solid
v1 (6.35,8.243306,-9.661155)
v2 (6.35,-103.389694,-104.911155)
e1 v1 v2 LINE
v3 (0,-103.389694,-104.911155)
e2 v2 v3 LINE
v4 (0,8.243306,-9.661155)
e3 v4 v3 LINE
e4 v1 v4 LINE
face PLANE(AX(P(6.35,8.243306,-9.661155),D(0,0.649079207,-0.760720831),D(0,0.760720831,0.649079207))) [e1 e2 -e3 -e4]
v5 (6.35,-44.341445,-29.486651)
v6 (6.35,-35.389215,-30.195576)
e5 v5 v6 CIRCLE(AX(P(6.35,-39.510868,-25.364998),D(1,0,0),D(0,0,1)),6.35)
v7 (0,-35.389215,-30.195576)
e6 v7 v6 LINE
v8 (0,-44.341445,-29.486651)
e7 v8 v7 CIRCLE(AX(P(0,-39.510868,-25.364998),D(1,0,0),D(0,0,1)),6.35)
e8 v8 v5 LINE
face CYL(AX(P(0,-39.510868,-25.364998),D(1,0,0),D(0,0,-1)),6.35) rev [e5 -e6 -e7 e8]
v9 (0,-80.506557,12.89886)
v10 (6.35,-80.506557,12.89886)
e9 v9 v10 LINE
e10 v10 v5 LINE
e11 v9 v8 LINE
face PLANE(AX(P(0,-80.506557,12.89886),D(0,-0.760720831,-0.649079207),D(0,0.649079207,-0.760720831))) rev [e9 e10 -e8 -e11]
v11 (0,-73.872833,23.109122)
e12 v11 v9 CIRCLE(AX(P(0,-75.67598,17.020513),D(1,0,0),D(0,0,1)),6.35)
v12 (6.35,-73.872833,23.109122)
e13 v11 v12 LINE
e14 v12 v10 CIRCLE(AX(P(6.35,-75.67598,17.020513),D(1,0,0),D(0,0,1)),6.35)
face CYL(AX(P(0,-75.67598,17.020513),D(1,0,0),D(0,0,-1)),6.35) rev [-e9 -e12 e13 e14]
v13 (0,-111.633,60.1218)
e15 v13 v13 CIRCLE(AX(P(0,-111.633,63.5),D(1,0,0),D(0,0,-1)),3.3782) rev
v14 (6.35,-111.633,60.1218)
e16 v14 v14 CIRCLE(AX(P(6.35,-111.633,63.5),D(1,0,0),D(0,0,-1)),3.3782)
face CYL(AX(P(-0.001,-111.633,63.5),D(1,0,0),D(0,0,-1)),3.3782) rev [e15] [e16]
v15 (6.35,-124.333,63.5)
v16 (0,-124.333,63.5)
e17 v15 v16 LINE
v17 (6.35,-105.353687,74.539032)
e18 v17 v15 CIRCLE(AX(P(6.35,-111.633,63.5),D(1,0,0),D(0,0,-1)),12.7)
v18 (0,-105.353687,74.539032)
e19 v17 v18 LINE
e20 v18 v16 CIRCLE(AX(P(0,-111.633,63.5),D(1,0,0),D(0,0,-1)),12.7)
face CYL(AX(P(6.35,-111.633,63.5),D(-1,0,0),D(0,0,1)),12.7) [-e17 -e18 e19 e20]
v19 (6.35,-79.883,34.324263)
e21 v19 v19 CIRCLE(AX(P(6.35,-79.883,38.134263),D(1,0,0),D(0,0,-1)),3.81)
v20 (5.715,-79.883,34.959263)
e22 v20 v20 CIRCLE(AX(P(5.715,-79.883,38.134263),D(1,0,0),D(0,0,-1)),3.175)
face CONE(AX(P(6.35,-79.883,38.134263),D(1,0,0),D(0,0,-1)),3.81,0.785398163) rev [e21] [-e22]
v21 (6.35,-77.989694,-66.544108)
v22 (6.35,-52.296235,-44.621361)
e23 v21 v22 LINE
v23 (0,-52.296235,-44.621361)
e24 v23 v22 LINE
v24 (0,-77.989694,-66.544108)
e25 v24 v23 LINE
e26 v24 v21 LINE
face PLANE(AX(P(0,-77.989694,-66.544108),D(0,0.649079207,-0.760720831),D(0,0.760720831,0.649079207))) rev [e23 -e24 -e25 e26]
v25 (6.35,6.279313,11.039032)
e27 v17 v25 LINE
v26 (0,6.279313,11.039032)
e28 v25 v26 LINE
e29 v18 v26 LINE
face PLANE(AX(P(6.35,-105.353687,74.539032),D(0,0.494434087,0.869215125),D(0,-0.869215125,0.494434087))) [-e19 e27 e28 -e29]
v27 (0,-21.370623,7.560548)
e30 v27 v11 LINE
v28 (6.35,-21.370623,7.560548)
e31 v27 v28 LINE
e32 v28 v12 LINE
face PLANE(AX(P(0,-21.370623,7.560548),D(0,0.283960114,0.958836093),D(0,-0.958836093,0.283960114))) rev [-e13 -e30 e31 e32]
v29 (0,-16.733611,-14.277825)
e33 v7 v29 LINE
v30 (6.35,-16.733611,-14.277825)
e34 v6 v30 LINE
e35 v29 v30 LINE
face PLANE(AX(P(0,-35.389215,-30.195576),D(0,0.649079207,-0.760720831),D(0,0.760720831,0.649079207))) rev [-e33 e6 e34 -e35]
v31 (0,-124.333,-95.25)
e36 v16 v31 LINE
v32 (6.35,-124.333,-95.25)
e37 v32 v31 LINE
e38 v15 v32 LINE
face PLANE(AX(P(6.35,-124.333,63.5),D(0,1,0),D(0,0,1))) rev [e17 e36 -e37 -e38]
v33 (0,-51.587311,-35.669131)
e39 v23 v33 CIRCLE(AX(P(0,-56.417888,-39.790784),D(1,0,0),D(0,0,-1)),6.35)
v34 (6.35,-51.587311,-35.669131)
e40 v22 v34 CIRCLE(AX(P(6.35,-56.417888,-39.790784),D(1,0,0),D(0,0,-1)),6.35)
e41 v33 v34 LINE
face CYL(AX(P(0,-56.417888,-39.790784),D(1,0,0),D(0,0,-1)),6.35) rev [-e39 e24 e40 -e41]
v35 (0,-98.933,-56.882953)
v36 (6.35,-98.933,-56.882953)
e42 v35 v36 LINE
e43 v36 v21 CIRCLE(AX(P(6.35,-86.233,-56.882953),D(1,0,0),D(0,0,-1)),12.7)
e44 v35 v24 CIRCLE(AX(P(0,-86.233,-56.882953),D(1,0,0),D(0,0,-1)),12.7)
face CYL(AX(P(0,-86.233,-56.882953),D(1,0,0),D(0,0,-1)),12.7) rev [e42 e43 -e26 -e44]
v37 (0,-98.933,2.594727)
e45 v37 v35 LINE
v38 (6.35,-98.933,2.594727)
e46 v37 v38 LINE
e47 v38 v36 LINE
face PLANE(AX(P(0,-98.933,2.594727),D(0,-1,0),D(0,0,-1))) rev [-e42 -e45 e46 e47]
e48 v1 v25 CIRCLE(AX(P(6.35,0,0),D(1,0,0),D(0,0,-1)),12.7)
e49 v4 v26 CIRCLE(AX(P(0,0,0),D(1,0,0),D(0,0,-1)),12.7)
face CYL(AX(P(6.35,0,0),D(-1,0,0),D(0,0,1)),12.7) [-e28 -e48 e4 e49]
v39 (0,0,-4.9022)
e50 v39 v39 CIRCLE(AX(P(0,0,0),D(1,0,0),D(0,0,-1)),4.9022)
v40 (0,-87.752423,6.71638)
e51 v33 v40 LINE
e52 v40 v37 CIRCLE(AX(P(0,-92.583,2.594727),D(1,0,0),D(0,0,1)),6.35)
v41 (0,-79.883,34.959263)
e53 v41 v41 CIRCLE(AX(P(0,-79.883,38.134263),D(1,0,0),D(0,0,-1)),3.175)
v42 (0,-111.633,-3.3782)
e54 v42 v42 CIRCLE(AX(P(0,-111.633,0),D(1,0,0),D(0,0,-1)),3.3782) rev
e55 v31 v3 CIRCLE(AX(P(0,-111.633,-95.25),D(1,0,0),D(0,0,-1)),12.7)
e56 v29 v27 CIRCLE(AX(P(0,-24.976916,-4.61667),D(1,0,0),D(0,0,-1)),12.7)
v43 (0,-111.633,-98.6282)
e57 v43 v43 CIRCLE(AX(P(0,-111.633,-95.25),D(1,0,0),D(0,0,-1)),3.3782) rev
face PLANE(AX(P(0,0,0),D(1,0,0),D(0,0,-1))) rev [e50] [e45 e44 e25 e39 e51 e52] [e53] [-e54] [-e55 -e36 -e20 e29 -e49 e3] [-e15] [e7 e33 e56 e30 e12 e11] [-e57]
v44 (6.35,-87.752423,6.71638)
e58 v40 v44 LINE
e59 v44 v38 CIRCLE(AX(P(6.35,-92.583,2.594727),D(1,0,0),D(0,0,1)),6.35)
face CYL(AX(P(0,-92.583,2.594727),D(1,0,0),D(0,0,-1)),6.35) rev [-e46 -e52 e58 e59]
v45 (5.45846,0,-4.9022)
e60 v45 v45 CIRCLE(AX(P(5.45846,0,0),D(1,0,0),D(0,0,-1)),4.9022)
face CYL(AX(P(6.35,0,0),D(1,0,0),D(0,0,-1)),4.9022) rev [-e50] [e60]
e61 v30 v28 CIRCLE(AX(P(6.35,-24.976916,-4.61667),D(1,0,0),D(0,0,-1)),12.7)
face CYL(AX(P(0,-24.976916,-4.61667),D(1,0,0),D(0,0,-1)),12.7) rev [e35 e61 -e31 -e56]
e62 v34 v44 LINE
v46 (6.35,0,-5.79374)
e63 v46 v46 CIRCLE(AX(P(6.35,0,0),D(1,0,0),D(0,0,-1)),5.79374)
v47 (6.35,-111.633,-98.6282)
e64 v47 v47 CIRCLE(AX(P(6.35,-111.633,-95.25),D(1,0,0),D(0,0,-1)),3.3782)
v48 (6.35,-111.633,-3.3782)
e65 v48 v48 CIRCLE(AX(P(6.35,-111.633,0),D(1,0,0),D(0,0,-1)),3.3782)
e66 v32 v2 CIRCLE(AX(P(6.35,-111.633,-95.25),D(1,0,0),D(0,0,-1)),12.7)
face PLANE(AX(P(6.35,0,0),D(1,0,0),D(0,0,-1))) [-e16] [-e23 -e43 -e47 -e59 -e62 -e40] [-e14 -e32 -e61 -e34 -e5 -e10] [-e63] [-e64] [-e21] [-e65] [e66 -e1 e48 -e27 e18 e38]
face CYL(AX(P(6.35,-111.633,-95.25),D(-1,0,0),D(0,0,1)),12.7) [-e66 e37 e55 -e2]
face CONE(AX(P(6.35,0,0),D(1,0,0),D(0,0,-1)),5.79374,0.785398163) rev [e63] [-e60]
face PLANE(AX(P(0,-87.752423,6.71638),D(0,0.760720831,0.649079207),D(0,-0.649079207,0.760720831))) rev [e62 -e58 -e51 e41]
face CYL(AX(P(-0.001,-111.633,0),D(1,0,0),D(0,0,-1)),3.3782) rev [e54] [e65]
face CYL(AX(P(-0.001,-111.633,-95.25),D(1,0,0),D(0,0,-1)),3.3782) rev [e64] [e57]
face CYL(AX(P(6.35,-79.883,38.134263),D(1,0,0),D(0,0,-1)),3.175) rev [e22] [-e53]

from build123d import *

# Parameters (mm, degrees)
BOSS_EXTRUDE1_DEPTH                  = 6.35
CUT_EXTRUDE1_REACH                   = 8.35
SKETCH2_R                            = 3.3782
F_3_8_CLEARANCE_HOLE1_D              = 9.8044
F_3_8_CLEARANCE_HOLE1_CSINK_D        = 11.58748
F_3_8_CLEARANCE_HOLE1_CSINK_ANGLE    = 90
F_1_4_0_2500_DOWEL_HOLE1_D           = 6.35
F_1_4_0_2500_DOWEL_HOLE1_CSINK_D     = 7.62
F_1_4_0_2500_DOWEL_HOLE1_CSINK_ANGLE = 90
CUT_EXTRUDE2_DEPTH                   = 7.35


with BuildPart() as part:
    # Sketch1 → Boss-Extrude1 (new body)
    with BuildSketch(Plane(origin=(0, 0, 0), x_dir=(0, 0, -1), z_dir=(1, 0, 0))):
        with BuildLine():
            Line((-74.539032088, -105.353687095), (-11.039032088, 6.279312905))
            ThreePointArc((-11.039032088, 6.279312905), (-1.199563995, 12.643221355), (9.661154553, 8.243305933))
            Line((9.661154553, 8.243305933), (104.911154553, -103.389694067))
            ThreePointArc((104.911154553, -103.389694067), (106.782128714, -116.95277512), (95.25, -124.333))
            Line((95.25, -124.333), (-63.5, -124.333))
            ThreePointArc((-63.5, -124.333), (-74.478098057, -118.018245731), (-74.539032088, -105.353687095))
        make_face()
    extrude(amount=BOSS_EXTRUDE1_DEPTH)

    # Sketch2 → Cut-Extrude1 (cut, up to next)
    with BuildSketch(Plane(origin=(6.35, 0, 0), x_dir=(0, 0, -1), z_dir=(1, 0, 0)), mode=Mode.PRIVATE) as cut_extrude1_sk1:
        with Locations((-63.5, -111.633)):
            Circle(SKETCH2_R)
    cut_extrude1_tool1 = extrude(cut_extrude1_sk1.sketch, amount=-CUT_EXTRUDE1_REACH, mode=Mode.PRIVATE) & part.part
    add(cut_extrude1_tool1.solids().sort_by_distance((6.35, -111.633, 63.5))[0], mode=Mode.SUBTRACT)
    # Sketch2 → Cut-Extrude1 (cut, up to next)
    with BuildSketch(Plane(origin=(6.35, 0, 0), x_dir=(0, 0, -1), z_dir=(1, 0, 0)), mode=Mode.PRIVATE) as cut_extrude1_sk2:
        with Locations((0, -111.633)):
            Circle(SKETCH2_R)
    cut_extrude1_tool2 = extrude(cut_extrude1_sk2.sketch, amount=-CUT_EXTRUDE1_REACH, mode=Mode.PRIVATE) & part.part
    add(cut_extrude1_tool2.solids().sort_by_distance((6.35, -111.633, 0))[0], mode=Mode.SUBTRACT)
    # Sketch2 → Cut-Extrude1 (cut, up to next)
    with BuildSketch(Plane(origin=(6.35, 0, 0), x_dir=(0, 0, -1), z_dir=(1, 0, 0)), mode=Mode.PRIVATE) as cut_extrude1_sk3:
        with Locations((95.25, -111.633)):
            Circle(SKETCH2_R)
    cut_extrude1_tool3 = extrude(cut_extrude1_sk3.sketch, amount=-CUT_EXTRUDE1_REACH, mode=Mode.PRIVATE) & part.part
    add(cut_extrude1_tool3.solids().sort_by_distance((6.35, -111.633, -95.25))[0], mode=Mode.SUBTRACT)

    # 3/8 Clearance Hole1 (through all)
    with Locations(Plane(origin=(6.35, 0, 0), x_dir=(0, 0, -1), z_dir=(1, 0, 0))):
        with Locations((0, 0)):
            CounterSinkHole(F_3_8_CLEARANCE_HOLE1_D / 2, F_3_8_CLEARANCE_HOLE1_CSINK_D / 2, counter_sink_angle=F_3_8_CLEARANCE_HOLE1_CSINK_ANGLE)

    # 1/4 (0.2500) Dowel Hole1 (through all)
    with Locations(Plane(origin=(6.35, 0, 0), x_dir=(0, 0, -1), z_dir=(1, 0, 0))):
        with Locations((-38.134262993, -79.883)):
            CounterSinkHole(F_1_4_0_2500_DOWEL_HOLE1_D / 2, F_1_4_0_2500_DOWEL_HOLE1_CSINK_D / 2, counter_sink_angle=F_1_4_0_2500_DOWEL_HOLE1_CSINK_ANGLE)

    # Sketch7 → Cut-Extrude2 (cut, through all)
    with BuildSketch(Plane(origin=(6.35, 0, 0), x_dir=(0, 0, -1), z_dir=(1, 0, 0))):
        with BuildLine():
            Line((-7.560548241, -21.370623035), (-23.109121722, -73.87283281))
            ThreePointArc((-23.109121722, -73.87283281), (-20.480108275, -81.000798522), (-12.898859563, -80.506556809))
            Line((-12.898859563, -80.506556809), (29.486651444, -44.341445027))
            ThreePointArc((29.486651444, -44.341445027), (31.69518119, -40.012152938), (30.195575755, -35.389214784))
            Line((30.195575755, -35.389214784), (14.277824698, -16.733610546))
            ThreePointArc((14.277824698, -16.733610546), (1.978846134, -12.553878022), (-7.560548241, -21.370623035))
        make_face()
        with BuildLine():
            Line((-2.594727147, -98.933), (56.882953013, -98.933))
            ThreePointArc((56.882953013, -98.933), (68.415081727, -91.55277512), (66.544107566, -77.989694067))
            Line((66.544107566, -77.989694067), (44.621361137, -52.296235252))
            ThreePointArc((44.621361137, -52.296235252), (40.292069047, -50.087705507), (35.669130894, -51.587310942))
            Line((35.669130894, -51.587310942), (-6.716380114, -87.752422723))
            ThreePointArc((-6.716380114, -87.752422723), (-8.552774886, -94.779398677), (-2.594727147, -98.933))
        make_face()
    extrude(amount=-CUT_EXTRUDE2_DEPTH, mode=Mode.SUBTRACT)


solid = part.part
